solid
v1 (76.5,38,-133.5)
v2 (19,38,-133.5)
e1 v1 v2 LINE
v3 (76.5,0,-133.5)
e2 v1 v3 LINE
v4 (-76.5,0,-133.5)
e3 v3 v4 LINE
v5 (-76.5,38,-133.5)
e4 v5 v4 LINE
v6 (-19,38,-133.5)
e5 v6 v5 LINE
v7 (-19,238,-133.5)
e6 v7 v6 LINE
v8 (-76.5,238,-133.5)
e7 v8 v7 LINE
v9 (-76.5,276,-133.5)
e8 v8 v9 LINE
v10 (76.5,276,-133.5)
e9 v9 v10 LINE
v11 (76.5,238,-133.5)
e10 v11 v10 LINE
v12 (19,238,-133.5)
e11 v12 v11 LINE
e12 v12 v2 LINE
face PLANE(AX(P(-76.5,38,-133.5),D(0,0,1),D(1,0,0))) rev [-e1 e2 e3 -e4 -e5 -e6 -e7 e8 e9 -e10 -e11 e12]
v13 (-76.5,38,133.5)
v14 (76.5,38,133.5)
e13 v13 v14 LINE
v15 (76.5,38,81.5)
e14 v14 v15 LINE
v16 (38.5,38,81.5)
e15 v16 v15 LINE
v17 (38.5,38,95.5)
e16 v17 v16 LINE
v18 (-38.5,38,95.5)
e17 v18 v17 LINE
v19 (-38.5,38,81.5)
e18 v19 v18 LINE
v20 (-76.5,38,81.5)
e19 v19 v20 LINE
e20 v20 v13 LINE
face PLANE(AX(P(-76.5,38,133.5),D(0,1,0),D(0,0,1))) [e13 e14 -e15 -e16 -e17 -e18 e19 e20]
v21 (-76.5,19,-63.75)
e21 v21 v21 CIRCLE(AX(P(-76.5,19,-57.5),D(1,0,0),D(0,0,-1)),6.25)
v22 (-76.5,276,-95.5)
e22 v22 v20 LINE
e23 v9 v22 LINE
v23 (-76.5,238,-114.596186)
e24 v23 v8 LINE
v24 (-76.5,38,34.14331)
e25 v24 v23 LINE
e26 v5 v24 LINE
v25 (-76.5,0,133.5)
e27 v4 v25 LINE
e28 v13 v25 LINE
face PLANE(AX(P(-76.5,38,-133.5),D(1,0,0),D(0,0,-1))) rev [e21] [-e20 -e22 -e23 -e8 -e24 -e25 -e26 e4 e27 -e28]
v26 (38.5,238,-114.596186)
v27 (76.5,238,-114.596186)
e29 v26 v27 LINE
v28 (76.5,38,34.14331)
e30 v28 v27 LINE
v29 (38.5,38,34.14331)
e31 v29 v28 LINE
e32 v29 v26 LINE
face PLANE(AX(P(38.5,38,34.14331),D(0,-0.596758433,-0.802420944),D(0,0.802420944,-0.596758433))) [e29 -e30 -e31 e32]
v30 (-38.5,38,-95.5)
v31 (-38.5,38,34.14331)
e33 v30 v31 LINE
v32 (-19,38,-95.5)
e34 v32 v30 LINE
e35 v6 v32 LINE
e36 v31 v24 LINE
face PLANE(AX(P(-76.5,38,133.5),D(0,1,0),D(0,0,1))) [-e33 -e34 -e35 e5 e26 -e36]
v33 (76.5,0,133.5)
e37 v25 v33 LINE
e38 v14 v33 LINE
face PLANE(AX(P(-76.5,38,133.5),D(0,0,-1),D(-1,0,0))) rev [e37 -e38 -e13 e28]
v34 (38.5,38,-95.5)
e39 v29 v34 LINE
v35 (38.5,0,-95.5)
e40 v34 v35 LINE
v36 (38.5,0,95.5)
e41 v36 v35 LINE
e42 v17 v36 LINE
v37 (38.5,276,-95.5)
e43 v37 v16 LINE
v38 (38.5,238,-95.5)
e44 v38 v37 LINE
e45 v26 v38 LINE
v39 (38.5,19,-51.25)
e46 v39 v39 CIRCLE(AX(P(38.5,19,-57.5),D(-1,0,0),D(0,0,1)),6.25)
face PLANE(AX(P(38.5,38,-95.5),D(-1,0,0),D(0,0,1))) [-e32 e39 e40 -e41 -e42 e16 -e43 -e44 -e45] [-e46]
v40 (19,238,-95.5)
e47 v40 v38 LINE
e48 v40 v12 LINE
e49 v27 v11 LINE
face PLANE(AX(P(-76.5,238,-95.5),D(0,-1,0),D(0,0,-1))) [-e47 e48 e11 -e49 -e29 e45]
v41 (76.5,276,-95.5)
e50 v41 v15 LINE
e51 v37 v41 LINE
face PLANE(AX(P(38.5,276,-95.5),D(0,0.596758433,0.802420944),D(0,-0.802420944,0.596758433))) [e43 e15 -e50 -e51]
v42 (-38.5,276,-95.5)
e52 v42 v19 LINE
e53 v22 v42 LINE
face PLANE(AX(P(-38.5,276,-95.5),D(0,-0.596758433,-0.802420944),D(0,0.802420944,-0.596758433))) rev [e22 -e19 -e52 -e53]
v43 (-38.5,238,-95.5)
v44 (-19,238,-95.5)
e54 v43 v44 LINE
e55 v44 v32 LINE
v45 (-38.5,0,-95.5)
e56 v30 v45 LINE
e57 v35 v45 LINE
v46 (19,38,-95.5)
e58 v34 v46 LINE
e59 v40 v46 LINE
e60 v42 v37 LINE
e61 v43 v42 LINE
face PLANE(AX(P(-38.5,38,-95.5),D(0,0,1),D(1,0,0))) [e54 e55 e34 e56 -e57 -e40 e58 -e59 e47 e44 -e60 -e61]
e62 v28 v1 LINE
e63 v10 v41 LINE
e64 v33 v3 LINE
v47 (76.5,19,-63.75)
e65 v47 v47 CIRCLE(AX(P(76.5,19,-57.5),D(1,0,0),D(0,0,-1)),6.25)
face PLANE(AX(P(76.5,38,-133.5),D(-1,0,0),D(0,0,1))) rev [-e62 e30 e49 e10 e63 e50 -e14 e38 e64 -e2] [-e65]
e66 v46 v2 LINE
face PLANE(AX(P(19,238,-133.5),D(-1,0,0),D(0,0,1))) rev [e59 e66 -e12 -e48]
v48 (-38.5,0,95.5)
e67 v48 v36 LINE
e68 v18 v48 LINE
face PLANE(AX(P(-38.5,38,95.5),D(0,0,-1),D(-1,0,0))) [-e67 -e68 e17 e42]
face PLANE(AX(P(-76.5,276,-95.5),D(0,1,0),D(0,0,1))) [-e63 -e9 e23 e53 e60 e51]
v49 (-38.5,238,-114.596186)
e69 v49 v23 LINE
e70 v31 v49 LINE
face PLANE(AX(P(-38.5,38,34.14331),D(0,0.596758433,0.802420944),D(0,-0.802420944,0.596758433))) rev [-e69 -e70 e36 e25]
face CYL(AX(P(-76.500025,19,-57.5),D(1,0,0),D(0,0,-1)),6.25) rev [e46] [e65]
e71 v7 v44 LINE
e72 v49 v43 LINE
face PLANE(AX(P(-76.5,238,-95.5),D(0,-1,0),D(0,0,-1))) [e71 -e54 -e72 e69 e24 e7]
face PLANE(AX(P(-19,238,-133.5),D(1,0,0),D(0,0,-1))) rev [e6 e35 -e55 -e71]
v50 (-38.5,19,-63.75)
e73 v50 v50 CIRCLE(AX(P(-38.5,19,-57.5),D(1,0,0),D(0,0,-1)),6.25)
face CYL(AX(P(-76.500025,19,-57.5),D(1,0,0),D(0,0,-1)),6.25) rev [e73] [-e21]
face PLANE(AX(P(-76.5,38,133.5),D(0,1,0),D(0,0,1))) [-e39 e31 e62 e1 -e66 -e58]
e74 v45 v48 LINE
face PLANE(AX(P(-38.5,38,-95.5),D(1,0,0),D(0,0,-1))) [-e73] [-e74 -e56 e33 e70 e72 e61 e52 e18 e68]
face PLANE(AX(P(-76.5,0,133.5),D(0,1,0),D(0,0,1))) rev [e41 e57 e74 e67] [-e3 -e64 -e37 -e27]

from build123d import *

# Parameters (mm, degrees)
SKETCH1_W                = 153
SKETCH1_H                = 267
SKETCH1_W_2              = 77
SKETCH1_H_2              = 191
BOSS_EXTRUDE1_DEPTH      = 38
SKETCH2_W                = 38
SKETCH2_H                = 38
BOSS_EXTRUDE2_DEPTH      = 200
SKETCH3_W                = 38
SKETCH3_H                = 38
BOSS_EXTRUDE3_DEPTH      = 76.5
BOSS_EXTRUDE3_DEPTH_BACK = 76.5
BOSS_EXTRUDE4_DEPTH      = 38
SKETCH7_R                = 6.25
CUT_EXTRUDE1_DEPTH       = 154


with BuildPart() as part:
    # Sketch1 → Boss-Extrude1 (new body)
    with BuildSketch(Plane(origin=(0, 0, 0), x_dir=(1, 0, 0), z_dir=(0, 1, 0))):
        Rectangle(SKETCH1_W, SKETCH1_H)
        Rectangle(SKETCH1_W_2, SKETCH1_H_2, mode=Mode.SUBTRACT)
    extrude(amount=BOSS_EXTRUDE1_DEPTH)

    # Sketch2 → Boss-Extrude2 (add)
    with BuildSketch(Plane(origin=(0, 38, 0), x_dir=(1, 0, 0), z_dir=(0, 1, 0))):
        with Locations((0, 114.5)):
            Rectangle(SKETCH2_W, SKETCH2_H)
    extrude(amount=BOSS_EXTRUDE2_DEPTH)

    # Sketch3 → Boss-Extrude3 (add, two sides)
    with BuildSketch(Plane(origin=(0, 0, 0), x_dir=(0, 0, -1), z_dir=(1, 0, 0))) as boss_extrude3_sk:
        with Locations((114.5, 257)):
            Rectangle(SKETCH3_W, SKETCH3_H)
    extrude(amount=BOSS_EXTRUDE3_DEPTH)
    extrude(boss_extrude3_sk.sketch, amount=-BOSS_EXTRUDE3_DEPTH_BACK)

    # Sketch6 → Boss-Extrude4 (add)
    with BuildSketch(Plane(origin=(76.5, 0, 0), x_dir=(0, 0, -1), z_dir=(1, 0, 0))):
        Polygon((95.5, 276), (-81.5, 38), (-34.143309895, 38), (114.596185904, 238), (95.5, 238), align=None)
    boss_extrude4 = extrude(amount=-BOSS_EXTRUDE4_DEPTH)

    # Mirror1: Boss-Extrude4 across plane
    add(boss_extrude4.mirror(Plane(origin=(0, 0, 0), x_dir=(0, 0, 1), z_dir=(1, 0, 0))))

    # Sketch7 → Cut-Extrude1 (cut, through all)
    with BuildSketch(Plane(origin=(76.5, 0, 0), x_dir=(0, 0, -1), z_dir=(1, 0, 0))):
        with Locations((57.5, 19)):
            Circle(SKETCH7_R)
    extrude(amount=-CUT_EXTRUDE1_DEPTH, mode=Mode.SUBTRACT)


solid = part.part
